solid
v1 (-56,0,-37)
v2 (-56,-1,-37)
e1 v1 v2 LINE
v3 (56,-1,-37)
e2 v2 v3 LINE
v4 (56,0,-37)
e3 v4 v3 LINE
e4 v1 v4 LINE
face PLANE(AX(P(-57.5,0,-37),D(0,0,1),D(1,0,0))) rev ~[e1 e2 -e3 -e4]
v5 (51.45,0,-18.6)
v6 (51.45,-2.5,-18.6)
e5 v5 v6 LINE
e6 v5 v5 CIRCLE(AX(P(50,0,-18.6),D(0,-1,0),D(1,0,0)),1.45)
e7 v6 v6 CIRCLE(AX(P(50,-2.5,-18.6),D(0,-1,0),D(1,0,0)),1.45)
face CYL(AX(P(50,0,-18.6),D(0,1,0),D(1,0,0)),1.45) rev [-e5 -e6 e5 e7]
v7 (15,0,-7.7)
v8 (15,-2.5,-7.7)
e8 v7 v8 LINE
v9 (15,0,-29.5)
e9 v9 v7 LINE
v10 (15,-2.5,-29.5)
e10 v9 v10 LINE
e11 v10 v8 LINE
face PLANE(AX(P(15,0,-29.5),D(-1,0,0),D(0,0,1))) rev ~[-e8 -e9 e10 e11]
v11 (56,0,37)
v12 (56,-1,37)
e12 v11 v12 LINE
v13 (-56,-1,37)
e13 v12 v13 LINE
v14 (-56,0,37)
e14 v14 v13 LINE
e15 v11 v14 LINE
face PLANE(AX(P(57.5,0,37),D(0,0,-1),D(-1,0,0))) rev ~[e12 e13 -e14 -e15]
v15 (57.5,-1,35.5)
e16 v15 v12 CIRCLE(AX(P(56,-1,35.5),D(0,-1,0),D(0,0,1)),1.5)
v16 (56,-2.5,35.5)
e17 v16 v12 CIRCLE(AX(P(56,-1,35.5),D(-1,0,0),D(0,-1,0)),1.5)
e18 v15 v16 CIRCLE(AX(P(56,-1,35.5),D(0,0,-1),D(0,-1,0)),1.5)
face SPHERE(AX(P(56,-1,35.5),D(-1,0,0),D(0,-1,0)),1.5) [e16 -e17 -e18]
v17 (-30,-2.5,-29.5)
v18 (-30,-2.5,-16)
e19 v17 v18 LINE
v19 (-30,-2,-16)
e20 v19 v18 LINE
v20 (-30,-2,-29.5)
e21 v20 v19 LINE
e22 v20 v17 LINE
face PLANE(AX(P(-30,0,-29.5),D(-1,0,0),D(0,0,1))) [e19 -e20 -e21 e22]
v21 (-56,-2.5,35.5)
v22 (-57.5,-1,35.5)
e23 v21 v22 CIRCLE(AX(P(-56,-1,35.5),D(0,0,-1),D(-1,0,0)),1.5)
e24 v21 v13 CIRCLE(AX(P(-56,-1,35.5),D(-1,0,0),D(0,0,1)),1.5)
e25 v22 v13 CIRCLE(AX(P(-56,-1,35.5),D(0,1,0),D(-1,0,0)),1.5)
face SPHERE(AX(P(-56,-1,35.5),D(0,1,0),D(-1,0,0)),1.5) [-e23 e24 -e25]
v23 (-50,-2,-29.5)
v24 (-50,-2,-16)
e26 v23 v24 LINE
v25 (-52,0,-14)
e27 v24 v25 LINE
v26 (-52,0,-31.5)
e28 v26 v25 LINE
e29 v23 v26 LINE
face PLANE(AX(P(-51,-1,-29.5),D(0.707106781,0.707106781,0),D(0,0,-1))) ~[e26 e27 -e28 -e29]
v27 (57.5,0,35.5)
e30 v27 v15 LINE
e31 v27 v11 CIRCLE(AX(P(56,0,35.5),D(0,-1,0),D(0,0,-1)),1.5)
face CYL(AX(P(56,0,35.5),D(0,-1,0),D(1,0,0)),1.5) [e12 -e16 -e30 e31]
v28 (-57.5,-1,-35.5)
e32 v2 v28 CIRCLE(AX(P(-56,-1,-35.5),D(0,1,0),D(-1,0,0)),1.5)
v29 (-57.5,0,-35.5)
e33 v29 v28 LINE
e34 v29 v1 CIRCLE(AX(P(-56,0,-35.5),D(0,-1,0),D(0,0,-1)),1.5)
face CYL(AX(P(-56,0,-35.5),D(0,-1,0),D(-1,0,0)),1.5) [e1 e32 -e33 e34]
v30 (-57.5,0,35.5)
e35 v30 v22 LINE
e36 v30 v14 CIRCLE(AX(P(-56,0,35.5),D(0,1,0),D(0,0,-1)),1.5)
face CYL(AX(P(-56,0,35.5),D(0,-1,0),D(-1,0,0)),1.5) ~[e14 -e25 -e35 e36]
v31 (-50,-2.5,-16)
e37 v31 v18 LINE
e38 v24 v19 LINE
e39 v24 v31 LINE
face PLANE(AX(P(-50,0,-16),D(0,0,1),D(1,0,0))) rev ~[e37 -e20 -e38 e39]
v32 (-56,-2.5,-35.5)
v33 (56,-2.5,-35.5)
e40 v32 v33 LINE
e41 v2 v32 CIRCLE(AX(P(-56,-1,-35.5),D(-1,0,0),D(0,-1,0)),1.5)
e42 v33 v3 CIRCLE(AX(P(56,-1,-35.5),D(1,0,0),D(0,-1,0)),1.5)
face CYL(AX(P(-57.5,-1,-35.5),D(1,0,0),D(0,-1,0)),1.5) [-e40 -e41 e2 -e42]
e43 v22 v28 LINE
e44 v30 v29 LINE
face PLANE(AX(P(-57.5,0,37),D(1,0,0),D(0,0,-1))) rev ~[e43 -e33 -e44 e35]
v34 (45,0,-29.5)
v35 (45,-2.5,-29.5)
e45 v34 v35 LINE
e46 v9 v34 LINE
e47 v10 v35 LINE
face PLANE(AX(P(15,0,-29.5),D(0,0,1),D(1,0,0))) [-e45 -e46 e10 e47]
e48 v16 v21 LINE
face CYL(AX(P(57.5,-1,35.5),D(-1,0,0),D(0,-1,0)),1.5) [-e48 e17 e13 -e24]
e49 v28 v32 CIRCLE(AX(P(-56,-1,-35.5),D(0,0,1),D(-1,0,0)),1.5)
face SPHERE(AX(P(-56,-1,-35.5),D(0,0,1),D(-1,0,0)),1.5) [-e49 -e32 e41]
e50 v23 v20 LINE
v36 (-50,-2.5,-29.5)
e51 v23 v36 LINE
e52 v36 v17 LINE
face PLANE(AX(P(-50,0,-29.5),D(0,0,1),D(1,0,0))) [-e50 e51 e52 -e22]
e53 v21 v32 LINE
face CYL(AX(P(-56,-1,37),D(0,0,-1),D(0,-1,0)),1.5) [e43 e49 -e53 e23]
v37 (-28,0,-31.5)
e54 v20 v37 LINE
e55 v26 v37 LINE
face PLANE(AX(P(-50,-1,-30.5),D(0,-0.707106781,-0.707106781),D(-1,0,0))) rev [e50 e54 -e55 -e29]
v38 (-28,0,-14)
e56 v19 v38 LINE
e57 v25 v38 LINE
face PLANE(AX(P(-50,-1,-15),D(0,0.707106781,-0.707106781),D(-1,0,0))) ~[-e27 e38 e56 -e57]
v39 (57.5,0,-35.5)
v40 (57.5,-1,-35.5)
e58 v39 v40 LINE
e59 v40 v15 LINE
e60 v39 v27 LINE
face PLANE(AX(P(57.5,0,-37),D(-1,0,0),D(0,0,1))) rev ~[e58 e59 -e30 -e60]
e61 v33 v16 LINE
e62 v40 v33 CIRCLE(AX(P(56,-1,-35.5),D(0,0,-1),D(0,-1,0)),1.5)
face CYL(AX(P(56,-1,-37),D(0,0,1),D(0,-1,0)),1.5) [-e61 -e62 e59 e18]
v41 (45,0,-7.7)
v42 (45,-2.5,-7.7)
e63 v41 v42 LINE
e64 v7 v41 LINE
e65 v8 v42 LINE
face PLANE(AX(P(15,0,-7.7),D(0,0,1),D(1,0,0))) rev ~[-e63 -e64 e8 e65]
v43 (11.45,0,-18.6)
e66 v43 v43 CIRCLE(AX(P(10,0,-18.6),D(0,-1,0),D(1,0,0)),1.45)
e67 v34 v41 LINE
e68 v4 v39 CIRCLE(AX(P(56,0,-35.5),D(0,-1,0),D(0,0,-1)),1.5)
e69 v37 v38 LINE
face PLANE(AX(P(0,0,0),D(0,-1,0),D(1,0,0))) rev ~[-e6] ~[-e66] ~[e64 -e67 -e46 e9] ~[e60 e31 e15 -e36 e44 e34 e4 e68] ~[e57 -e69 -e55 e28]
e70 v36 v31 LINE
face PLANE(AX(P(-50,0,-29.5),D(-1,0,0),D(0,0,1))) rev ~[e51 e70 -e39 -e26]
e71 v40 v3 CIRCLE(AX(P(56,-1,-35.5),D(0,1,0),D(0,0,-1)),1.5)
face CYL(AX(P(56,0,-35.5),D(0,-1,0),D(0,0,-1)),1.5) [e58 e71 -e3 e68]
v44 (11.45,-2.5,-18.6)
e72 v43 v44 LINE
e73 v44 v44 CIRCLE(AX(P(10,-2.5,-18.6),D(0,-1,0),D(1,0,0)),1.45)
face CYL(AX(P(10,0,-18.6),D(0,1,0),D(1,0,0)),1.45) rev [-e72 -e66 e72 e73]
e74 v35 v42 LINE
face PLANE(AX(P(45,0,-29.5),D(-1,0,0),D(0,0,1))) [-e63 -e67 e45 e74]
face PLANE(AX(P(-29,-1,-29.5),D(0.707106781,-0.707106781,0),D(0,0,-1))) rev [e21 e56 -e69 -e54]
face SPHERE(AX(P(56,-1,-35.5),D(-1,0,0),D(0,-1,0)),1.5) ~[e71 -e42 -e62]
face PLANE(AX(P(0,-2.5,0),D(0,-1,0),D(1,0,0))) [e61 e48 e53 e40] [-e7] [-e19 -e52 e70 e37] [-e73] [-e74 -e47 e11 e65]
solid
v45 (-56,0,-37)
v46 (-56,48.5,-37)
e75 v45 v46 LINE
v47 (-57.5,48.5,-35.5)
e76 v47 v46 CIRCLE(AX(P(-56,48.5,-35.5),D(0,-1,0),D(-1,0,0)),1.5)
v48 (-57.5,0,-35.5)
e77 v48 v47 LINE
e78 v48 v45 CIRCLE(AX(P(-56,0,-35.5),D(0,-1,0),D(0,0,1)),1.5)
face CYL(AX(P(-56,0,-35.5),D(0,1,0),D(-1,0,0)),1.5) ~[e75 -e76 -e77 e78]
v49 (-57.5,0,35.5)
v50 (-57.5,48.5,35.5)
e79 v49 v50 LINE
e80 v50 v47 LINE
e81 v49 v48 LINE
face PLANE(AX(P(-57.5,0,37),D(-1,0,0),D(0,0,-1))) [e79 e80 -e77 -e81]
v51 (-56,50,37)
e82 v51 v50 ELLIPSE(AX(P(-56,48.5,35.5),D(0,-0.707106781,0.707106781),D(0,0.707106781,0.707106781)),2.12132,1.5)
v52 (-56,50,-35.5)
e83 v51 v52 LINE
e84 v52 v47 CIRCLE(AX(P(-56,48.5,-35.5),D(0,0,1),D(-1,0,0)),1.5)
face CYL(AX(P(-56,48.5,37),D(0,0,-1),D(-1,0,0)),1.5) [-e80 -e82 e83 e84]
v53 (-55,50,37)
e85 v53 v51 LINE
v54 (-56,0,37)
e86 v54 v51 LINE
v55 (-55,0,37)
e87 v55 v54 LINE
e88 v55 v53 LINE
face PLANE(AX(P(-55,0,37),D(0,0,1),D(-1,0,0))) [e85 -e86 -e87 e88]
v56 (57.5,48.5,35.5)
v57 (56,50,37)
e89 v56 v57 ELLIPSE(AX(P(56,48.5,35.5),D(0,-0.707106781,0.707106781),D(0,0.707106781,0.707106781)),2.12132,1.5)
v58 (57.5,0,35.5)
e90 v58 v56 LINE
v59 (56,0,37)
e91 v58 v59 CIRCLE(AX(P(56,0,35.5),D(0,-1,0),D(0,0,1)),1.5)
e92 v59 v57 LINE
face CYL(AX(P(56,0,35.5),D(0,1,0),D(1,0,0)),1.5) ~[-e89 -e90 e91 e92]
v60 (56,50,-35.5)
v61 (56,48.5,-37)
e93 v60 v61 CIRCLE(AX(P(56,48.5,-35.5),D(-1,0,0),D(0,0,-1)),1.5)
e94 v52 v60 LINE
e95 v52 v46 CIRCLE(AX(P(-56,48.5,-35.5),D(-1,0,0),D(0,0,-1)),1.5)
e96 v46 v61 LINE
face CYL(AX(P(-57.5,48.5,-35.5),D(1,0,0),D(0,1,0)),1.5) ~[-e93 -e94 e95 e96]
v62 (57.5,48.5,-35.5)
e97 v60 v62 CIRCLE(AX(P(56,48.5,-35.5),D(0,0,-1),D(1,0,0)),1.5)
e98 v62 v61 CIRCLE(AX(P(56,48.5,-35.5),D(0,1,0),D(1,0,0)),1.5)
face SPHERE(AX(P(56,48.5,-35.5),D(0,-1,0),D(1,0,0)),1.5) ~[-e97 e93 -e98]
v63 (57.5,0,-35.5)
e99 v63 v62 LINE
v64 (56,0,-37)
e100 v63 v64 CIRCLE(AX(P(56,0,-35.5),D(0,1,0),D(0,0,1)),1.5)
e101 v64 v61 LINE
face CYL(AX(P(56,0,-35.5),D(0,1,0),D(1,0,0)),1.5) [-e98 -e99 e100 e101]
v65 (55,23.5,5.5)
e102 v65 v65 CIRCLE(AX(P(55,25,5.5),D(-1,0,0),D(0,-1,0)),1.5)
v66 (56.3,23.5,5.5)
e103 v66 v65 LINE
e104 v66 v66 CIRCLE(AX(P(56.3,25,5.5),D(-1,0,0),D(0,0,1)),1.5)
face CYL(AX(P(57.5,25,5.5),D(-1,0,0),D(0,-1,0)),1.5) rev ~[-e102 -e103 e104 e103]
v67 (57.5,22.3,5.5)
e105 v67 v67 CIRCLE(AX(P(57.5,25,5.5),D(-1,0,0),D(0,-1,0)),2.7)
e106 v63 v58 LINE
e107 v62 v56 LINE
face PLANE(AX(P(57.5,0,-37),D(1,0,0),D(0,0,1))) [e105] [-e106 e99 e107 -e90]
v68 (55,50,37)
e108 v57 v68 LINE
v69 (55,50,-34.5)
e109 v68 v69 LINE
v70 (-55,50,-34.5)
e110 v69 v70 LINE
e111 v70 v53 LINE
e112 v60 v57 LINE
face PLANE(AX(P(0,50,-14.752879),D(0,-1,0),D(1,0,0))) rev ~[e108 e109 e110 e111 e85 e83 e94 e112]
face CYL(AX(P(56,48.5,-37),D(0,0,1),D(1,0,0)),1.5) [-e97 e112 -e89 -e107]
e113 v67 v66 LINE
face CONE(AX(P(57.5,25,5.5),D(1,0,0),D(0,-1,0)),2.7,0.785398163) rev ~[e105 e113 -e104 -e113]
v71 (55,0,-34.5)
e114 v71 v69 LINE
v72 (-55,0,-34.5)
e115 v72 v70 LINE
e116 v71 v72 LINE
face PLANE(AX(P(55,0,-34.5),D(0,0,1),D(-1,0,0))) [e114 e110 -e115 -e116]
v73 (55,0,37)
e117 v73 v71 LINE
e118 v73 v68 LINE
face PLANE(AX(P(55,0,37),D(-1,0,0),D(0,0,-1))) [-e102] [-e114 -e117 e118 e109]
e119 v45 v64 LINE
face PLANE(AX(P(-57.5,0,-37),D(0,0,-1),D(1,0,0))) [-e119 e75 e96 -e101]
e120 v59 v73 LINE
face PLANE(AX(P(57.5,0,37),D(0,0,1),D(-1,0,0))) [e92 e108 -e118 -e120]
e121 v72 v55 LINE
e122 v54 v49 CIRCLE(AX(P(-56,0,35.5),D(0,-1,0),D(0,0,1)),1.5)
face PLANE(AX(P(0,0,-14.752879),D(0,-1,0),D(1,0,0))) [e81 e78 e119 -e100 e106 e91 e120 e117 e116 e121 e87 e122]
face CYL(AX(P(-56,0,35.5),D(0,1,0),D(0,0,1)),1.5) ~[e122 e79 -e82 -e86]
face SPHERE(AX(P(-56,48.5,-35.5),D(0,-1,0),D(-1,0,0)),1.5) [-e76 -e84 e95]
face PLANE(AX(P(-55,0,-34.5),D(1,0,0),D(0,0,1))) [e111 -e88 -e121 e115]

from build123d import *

# Parameters (mm, degrees)
F0_W           = 110
F0_H           = 69
F0_W_2         = 20
F0_H_2         = 13.5
F0_R           = 1.45
F0_W_3         = 30
F0_H_3         = 21.8
F0_H_4         = 2.5
F1_DEPTH       = 2.5
F2_DEPTH       = 50
F4_D           = 3
F4_DEPTH       = 12
F4_CSINK_D     = 5.4
F4_CSINK_ANGLE = 90
F5_SIZE        = 2
F6_R           = 1.5
F6_2_R         = 1.5


with BuildPart() as f1:
    # F0 (on Front) → F1 (new body)
    with BuildSketch(Plane.XZ):
        Rectangle(F0_W, F0_H)
        with Locations((-40, -22.75)):
            Rectangle(F0_W_2, F0_H_2, mode=Mode.SUBTRACT)
        with Locations((10, -18.6)):
            Circle(F0_R, mode=Mode.SUBTRACT)
        with Locations((30, -18.6)):
            Rectangle(F0_W_3, F0_H_3, mode=Mode.SUBTRACT)
        with Locations((50, -18.6)):
            Circle(F0_R, mode=Mode.SUBTRACT)
        Polygon((57.5, -37), (57.5, 37), (55, 37), (55, 34.5), (55, -34.5), (-55, -34.5), (-55, 34.5), (-55, 37), (-57.5, 37), (-57.5, -37), align=None)
        with Locations((0, 35.75)):
            Rectangle(F0_W, F0_H_4)
    extrude(amount=F1_DEPTH)

    # F5
    f5_edges = [f1.edges().sort_by_distance(p)[0] for p in [
        (-30, 0, -22.75),
        (-40, 0, -16),
        (-40, 0, -29.5),
        (-50, 0, -22.75),
    ]]
    chamfer(f5_edges, length=F5_SIZE)

    # F6#2
    f6_2_edges = [f1.edges().sort_by_distance(p)[0] for p in [
        (-57.5, -1.25, 37),
        (-57.5, -2.5, 0),
        (0, -2.5, 37),
        (-57.5, -1.25, -37),
        (0, -2.5, -37),
        (57.5, -2.5, 0),
        (57.5, -1.25, 37),
        (57.5, -1.25, -37),
    ]]
    fillet(f6_2_edges, radius=F6_2_R)


with BuildPart() as f2:
    # F0 (on Front) → F2 (new body)
    with BuildSketch(Plane.XZ):
        Polygon((57.5, -37), (57.5, 37), (55, 37), (55, 34.5), (55, -34.5), (-55, -34.5), (-55, 34.5), (-55, 37), (-57.5, 37), (-57.5, -37), align=None)
    extrude(amount=-F2_DEPTH)

    # F4
    with Locations(Plane.YZ.offset(57.5)):
        with Locations((25, 5.5)):
            CounterSinkHole(F4_D / 2, F4_CSINK_D / 2, depth=F4_DEPTH, counter_sink_angle=F4_CSINK_ANGLE)

    # F6
    f6_edges = [f2.edges().sort_by_distance(p)[0] for p in [
        (-57.5, 25, 37),
        (-57.5, 25, -37),
        (57.5, 25, 37),
        (57.5, 25, -37),
        (57.5, 50, 0),
        (-57.5, 50, 0),
        (0, 50, -37),
    ]]
    fillet(f6_edges, radius=F6_R)


solid = Compound([f1.part, f2.part])
